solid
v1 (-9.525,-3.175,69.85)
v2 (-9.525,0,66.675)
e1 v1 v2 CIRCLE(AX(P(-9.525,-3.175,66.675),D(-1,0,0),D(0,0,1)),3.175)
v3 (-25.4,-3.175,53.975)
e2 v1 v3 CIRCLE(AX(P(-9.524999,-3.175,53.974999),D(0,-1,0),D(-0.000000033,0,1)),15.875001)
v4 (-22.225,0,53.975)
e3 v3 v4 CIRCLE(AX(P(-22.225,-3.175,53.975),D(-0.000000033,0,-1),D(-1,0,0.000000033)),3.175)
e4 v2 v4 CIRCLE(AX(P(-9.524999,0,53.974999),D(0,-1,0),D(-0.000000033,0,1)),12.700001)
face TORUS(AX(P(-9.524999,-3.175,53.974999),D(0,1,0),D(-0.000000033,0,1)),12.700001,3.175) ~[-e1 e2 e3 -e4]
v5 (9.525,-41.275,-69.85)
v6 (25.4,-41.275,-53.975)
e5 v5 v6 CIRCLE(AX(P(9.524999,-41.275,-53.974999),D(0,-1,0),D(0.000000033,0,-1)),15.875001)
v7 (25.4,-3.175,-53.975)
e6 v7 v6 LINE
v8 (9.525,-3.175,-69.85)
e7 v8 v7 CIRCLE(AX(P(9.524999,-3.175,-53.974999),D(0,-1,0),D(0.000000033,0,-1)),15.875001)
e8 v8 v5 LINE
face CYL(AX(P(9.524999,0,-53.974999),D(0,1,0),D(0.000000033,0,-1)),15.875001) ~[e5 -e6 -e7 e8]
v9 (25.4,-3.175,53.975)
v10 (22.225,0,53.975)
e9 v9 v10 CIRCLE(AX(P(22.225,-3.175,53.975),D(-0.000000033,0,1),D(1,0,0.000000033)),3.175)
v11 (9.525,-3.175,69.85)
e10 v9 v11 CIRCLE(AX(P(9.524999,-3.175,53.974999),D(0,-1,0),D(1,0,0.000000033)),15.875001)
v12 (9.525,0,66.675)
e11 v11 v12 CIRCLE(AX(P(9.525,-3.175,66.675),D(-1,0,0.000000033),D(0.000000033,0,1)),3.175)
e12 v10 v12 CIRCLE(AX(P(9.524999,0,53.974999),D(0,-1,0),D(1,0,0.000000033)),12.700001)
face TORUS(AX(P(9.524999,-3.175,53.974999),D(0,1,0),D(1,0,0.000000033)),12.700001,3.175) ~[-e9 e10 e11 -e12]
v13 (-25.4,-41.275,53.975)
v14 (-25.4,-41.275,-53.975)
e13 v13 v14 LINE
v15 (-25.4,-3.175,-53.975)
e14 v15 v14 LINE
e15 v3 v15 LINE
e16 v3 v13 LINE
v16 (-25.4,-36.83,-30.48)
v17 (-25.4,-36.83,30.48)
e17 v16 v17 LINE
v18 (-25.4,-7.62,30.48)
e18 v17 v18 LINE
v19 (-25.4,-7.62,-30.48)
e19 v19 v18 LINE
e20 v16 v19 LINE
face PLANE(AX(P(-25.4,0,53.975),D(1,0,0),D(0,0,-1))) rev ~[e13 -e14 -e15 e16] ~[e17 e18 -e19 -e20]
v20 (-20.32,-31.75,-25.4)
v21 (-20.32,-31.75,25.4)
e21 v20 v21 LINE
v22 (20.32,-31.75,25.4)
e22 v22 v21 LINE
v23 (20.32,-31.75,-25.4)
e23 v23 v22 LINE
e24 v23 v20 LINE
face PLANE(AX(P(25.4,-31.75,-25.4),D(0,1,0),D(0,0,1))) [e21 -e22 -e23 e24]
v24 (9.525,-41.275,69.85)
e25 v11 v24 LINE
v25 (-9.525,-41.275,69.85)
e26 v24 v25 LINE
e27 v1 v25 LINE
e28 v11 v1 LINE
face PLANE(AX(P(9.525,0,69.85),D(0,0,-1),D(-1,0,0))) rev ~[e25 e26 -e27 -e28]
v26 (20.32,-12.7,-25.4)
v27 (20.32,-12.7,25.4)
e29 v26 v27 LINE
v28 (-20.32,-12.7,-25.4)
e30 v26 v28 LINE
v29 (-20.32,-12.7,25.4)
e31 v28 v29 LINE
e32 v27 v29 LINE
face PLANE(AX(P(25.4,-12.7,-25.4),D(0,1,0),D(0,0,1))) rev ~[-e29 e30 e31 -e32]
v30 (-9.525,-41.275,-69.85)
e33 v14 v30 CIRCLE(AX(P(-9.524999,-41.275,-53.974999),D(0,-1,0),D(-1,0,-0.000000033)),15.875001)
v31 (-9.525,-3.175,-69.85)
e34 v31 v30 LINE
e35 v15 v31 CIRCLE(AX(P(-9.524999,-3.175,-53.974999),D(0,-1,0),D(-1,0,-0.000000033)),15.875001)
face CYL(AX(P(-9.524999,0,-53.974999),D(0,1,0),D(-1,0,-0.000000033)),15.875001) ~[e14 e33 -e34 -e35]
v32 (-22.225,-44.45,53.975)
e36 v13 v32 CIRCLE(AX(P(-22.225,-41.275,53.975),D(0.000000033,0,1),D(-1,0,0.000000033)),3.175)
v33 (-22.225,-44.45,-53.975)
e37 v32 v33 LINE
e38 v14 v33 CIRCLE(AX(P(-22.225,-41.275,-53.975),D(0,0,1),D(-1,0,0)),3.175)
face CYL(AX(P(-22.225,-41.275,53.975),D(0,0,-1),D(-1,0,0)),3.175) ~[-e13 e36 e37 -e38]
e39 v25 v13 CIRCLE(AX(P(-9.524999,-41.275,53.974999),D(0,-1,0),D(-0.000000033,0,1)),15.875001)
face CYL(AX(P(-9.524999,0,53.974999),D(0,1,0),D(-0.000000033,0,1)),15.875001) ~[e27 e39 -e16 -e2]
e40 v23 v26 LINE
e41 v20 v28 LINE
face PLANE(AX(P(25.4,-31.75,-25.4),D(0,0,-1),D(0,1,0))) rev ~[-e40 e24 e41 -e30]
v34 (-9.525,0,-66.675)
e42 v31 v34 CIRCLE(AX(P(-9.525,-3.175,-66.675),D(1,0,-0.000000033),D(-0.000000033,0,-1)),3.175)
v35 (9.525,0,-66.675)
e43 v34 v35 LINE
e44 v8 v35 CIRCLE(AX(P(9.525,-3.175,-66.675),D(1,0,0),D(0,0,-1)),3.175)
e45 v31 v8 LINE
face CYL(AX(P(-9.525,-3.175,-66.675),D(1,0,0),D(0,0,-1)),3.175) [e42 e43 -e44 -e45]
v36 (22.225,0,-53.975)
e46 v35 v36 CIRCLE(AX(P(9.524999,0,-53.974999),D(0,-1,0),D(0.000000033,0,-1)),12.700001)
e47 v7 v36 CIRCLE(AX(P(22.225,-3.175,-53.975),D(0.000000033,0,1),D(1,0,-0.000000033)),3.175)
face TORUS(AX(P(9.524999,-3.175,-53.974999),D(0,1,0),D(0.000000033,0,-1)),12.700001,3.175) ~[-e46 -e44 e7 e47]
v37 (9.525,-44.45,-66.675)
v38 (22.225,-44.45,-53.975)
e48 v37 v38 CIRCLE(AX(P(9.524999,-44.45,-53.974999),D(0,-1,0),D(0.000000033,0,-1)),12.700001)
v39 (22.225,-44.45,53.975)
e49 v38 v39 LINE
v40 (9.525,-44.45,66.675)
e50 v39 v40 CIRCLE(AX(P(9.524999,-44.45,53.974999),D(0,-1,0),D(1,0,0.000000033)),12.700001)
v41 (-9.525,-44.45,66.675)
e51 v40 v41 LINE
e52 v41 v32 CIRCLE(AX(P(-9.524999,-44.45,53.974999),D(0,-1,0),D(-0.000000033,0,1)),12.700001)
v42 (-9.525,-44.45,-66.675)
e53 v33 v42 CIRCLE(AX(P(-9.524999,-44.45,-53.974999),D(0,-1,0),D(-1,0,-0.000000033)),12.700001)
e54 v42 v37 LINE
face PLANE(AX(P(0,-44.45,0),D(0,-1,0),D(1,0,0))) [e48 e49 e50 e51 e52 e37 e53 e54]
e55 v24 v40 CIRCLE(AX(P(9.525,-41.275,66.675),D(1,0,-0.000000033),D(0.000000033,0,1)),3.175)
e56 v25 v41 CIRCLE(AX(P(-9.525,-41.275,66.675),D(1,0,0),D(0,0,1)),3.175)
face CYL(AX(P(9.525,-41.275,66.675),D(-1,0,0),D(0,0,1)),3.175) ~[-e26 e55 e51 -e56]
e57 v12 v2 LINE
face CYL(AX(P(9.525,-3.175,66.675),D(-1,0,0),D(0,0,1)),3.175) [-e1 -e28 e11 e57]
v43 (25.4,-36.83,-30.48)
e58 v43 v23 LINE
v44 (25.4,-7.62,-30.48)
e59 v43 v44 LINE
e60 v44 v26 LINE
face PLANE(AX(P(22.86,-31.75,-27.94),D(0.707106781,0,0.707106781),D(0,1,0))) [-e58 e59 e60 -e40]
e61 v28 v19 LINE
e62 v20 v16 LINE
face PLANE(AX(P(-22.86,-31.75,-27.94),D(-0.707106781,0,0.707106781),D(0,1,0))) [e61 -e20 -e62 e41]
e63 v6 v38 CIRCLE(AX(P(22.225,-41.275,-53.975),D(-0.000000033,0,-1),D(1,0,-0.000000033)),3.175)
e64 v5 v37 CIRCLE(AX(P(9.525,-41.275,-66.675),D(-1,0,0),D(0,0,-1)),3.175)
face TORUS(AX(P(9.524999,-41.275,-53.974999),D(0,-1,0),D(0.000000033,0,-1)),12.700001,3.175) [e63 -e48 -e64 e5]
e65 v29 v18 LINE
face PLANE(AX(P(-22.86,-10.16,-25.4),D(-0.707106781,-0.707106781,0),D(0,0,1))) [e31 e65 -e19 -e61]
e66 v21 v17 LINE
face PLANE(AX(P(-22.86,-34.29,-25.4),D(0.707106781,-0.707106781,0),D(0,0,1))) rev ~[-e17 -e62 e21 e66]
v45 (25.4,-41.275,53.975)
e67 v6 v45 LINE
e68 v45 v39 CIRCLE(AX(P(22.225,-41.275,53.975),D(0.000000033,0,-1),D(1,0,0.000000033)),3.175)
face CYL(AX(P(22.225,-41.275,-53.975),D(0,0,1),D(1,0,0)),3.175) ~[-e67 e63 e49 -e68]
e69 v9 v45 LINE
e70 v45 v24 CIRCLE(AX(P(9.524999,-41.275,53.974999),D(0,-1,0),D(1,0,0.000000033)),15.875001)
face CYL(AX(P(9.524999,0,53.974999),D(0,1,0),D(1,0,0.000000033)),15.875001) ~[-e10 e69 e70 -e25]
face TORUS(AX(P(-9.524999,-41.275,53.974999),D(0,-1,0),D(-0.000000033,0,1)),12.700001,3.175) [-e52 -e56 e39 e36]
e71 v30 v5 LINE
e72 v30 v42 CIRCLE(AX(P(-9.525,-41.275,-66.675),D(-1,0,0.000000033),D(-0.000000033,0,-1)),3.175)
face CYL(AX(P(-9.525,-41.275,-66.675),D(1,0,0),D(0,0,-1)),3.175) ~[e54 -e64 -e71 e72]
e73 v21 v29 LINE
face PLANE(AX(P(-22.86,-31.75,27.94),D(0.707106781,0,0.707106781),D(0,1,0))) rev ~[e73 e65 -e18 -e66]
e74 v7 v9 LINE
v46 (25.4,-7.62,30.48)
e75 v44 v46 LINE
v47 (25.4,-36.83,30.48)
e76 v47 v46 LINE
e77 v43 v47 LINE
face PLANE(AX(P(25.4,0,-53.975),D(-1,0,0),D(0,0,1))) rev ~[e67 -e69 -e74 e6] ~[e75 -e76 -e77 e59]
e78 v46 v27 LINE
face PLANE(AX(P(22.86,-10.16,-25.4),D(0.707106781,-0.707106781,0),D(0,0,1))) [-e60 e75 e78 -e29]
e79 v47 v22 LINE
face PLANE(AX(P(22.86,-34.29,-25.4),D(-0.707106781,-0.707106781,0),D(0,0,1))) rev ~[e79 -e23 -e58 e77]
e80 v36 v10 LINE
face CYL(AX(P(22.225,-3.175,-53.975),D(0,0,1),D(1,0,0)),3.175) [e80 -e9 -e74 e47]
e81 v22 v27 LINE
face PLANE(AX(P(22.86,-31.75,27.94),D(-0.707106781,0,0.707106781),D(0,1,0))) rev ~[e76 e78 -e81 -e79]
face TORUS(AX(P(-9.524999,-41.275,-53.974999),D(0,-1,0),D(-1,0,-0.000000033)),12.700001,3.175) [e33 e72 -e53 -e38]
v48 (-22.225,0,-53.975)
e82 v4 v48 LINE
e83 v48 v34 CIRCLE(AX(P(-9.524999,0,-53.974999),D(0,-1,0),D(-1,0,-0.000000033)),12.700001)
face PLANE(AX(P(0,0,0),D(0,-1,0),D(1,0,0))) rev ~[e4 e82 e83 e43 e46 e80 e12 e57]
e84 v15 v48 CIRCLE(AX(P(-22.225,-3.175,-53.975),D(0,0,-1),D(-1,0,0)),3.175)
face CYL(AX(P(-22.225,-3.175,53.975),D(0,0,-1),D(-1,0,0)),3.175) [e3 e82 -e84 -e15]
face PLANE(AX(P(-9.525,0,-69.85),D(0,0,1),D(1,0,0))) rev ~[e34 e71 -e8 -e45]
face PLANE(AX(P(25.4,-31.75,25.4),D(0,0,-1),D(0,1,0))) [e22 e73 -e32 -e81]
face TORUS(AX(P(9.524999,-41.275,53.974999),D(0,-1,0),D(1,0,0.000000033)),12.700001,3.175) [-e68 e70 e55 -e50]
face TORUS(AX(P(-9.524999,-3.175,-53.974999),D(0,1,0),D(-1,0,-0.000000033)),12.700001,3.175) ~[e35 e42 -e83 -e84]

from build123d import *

# Parameters (mm, degrees)
F1_DEPTH = 44.45
F2_R     = 3.175
F3_W     = 19.05
F3_H     = 50.8
F4_DEPTH = 50.801
F5_SIZE  = 5.08


with BuildPart() as f1:
    # F0 (on Front) → F1 (new body)
    with BuildSketch(Plane.XZ):
        with BuildLine():
            ThreePointArc((25.4, 53.975), (20.75032, 65.20032), (9.525, 69.85))
            Line((9.525, 69.85), (-9.525, 69.85))
            ThreePointArc((-9.525, 69.85), (-20.75032, 65.20032), (-25.4, 53.975))
            Line((-25.4, 53.975), (-25.4, -53.975))
            ThreePointArc((-25.4, -53.975), (-20.75032, -65.20032), (-9.525, -69.85))
            Line((-9.525, -69.85), (9.525, -69.85))
            ThreePointArc((9.525, -69.85), (20.75032, -65.20032), (25.4, -53.975))
            Line((25.4, -53.975), (25.4, 53.975))
        make_face()
    extrude(amount=F1_DEPTH)

    # F2
    f2_edges = [f1.edges().sort_by_distance(p)[0] for p in [
        (20.75032, -44.45, 65.20032),
        (0, -44.45, 69.85),
        (-20.75032, -44.45, 65.20032),
        (-25.4, -44.45, 0),
        (-20.75032, -44.45, -65.20032),
        (0, -44.45, -69.85),
        (20.75032, -44.45, -65.20032),
        (25.4, -44.45, 0),
        (20.75032, 0, 65.20032),
        (0, 0, 69.85),
        (-20.75032, 0, 65.20032),
        (-25.4, 0, 0),
        (-20.75032, 0, -65.20032),
        (0, 0, -69.85),
        (20.75032, 0, -65.20032),
        (25.4, 0, 0),
    ]]
    fillet(f2_edges, radius=F2_R)

    # F3 (on face) → F4 (cut, through all)
    with BuildSketch(Plane.YZ.offset(25.4)):
        with Locations((-22.225, 0)):
            Rectangle(F3_W, F3_H)
    extrude(amount=-F4_DEPTH, mode=Mode.SUBTRACT)

    # F5
    f5_edges = [f1.edges().sort_by_distance(p)[0] for p in [
        (25.4, -31.75, 0),
        (25.4, -22.225, 25.4),
        (25.4, -12.7, 0),
        (25.4, -22.225, -25.4),
        (-25.4, -22.225, 25.4),
        (-25.4, -31.75, 0),
        (-25.4, -22.225, -25.4),
        (-25.4, -12.7, 0),
    ]]
    chamfer(f5_edges, length=F5_SIZE)


solid = f1.part
